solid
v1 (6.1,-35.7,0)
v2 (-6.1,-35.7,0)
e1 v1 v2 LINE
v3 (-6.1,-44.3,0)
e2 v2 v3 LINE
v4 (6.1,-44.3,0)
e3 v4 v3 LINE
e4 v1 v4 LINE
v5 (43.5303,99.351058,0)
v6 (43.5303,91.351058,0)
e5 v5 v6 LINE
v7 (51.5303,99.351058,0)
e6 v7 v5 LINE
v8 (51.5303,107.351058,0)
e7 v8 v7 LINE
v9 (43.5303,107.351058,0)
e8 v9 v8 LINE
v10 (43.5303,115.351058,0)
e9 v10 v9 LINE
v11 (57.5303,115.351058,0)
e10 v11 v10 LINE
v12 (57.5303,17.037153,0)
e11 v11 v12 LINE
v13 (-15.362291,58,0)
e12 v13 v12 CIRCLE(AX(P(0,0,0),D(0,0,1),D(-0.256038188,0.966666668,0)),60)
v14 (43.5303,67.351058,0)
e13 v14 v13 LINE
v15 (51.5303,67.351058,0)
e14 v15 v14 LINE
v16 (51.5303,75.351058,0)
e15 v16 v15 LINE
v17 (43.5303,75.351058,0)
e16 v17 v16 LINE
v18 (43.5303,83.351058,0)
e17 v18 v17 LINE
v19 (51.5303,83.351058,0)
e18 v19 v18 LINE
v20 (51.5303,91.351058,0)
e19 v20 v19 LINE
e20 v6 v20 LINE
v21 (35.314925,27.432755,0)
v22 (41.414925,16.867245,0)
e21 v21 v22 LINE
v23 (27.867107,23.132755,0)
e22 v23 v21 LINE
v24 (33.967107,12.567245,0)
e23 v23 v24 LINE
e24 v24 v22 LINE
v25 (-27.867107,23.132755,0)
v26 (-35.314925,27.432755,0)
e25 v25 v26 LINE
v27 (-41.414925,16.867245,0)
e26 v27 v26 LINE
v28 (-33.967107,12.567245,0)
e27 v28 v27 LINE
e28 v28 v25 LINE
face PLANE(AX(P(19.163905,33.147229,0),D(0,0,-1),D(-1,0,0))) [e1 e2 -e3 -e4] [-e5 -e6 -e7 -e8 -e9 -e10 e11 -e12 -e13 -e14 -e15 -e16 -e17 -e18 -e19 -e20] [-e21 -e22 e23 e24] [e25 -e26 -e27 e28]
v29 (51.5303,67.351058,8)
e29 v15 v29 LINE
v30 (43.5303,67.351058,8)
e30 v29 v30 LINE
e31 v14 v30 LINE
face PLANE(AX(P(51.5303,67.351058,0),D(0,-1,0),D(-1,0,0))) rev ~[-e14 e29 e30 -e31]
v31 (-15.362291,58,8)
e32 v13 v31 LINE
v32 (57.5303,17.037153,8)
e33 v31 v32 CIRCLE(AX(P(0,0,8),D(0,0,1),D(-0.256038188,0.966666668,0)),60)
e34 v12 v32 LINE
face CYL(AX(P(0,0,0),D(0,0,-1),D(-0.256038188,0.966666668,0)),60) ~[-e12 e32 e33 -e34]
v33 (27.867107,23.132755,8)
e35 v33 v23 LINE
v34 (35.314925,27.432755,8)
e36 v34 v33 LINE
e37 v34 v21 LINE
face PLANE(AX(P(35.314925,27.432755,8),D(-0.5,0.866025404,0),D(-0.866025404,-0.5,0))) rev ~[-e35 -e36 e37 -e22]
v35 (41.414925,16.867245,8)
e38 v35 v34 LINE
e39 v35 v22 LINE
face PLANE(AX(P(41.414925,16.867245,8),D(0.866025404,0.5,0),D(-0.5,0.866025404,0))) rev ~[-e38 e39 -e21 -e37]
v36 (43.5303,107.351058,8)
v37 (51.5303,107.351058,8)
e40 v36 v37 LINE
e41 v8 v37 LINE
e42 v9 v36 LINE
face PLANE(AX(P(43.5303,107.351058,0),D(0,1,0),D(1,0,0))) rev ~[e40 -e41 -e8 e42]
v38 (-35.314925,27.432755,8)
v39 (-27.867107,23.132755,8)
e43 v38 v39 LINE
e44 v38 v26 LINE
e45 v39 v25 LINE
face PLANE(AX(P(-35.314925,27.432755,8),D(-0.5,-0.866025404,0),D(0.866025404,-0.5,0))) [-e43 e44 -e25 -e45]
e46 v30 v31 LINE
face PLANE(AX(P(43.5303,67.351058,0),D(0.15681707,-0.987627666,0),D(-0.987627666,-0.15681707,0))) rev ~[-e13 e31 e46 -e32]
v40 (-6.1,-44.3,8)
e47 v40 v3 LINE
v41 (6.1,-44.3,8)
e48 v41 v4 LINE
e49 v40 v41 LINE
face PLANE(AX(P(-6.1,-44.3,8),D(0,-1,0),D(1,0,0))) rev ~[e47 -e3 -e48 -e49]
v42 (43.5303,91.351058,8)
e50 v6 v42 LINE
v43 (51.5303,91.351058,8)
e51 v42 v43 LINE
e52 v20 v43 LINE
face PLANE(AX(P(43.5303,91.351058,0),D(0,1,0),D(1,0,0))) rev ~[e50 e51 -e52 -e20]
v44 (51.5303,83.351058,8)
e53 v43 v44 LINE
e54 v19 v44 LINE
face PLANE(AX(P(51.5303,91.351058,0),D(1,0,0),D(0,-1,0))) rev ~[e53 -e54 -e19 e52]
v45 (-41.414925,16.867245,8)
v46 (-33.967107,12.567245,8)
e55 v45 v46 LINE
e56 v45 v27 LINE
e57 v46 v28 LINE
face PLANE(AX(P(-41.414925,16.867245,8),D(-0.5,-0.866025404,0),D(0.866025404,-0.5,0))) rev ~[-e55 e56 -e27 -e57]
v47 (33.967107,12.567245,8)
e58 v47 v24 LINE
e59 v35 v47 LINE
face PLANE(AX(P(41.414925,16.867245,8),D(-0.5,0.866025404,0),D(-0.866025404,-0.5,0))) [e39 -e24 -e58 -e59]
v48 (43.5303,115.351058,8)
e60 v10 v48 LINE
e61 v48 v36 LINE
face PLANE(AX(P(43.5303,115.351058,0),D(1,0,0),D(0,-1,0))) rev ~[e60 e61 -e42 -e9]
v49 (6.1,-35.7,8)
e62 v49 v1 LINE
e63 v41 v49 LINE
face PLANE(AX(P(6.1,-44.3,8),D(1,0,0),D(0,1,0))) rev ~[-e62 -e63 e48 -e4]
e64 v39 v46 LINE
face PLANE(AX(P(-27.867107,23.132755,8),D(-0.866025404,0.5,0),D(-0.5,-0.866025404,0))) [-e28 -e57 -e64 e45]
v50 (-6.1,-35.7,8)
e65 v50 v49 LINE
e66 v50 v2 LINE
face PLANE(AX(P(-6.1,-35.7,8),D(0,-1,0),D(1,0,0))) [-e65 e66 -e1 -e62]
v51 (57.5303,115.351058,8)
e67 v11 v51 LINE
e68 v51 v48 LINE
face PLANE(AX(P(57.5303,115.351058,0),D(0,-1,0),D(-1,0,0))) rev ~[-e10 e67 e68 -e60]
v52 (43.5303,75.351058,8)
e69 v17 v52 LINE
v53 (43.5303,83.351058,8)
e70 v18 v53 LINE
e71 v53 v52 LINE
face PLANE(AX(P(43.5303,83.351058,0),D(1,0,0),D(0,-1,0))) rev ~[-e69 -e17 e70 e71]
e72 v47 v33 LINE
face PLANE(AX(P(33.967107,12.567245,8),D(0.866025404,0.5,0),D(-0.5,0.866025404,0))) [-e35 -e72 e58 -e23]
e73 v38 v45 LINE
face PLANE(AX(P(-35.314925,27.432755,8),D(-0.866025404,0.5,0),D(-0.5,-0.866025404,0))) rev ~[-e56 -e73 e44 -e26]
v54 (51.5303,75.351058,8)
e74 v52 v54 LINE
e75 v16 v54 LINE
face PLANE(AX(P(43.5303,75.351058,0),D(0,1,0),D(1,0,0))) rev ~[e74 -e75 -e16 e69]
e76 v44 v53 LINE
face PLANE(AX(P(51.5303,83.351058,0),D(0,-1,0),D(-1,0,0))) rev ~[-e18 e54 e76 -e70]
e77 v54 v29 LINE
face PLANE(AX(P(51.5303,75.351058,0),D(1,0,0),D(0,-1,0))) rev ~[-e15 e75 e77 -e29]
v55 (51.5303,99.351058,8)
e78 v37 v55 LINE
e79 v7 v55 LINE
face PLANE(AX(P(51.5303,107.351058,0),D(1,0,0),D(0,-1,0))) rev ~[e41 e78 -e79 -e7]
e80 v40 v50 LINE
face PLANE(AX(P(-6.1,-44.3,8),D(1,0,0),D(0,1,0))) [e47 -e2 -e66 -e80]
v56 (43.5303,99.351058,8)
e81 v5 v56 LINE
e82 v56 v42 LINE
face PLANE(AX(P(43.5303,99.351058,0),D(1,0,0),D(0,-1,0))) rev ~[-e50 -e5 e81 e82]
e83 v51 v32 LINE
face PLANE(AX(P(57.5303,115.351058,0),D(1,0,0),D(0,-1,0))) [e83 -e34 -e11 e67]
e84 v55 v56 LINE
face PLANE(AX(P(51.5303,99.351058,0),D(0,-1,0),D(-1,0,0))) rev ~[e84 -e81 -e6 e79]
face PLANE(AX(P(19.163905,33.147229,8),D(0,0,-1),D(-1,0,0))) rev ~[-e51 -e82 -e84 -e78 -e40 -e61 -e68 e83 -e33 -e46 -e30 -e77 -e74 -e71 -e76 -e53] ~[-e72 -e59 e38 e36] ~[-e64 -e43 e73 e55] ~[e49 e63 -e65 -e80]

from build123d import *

# Parameters (mm, degrees)
PAD_DEPTH          = 8
SKETCH001_W        = 12.2
SKETCH001_H        = 8.6
POCKET_DEPTH       = 433.263242
POLARPATTERN_COUNT = 3


with BuildPart() as part:
    # Sketch → Pad (new body)
    with BuildSketch(Plane.XY):
        with BuildLine():
            Line((51.5303, 115.351058), (57.5303, 115.351058))
            Line((57.5303, 115.351058), (57.5303, 17.037153))
            ThreePointArc((-15.362291, 58), (-29.394284, -52.306558), (57.5303, 17.037153))
            Line((43.5303, 67.351058), (-15.362291, 58))
            Line((51.5303, 67.351058), (43.5303, 67.351058))
            Line((51.5303, 75.351058), (51.5303, 67.351058))
            Line((43.5303, 75.351058), (51.5303, 75.351058))
            Line((43.5303, 83.351058), (43.5303, 75.351058))
            Line((51.5303, 83.351058), (43.5303, 83.351058))
            Line((51.5303, 91.351058), (51.5303, 83.351058))
            Line((43.5303, 91.351058), (51.5303, 91.351058))
            Line((43.5303, 99.351058), (43.5303, 91.351058))
            Line((51.5303, 99.351058), (43.5303, 99.351058))
            Line((51.5303, 107.351058), (51.5303, 99.351058))
            Line((43.5303, 107.351058), (51.5303, 107.351058))
            Line((43.5303, 115.351058), (43.5303, 107.351058))
            Line((51.5303, 115.351058), (43.5303, 115.351058))
        make_face()
    extrude(amount=PAD_DEPTH)

    # Sketch001 → Pocket (cut, through all)
    with BuildSketch(Plane.XY.offset(8)):
        with Locations((0, -40)):
            Rectangle(SKETCH001_W, SKETCH001_H)
    pocket = extrude(amount=-POCKET_DEPTH, mode=Mode.SUBTRACT)

    # PolarPattern: Pocket ×3 about axis
    polarpattern_axis = Axis((0, 0, 8), (0, 0, 1))
    for i in range(1, POLARPATTERN_COUNT):
        add(pocket.rotate(polarpattern_axis, i * 360 / POLARPATTERN_COUNT), mode=Mode.SUBTRACT)


solid = part.part
